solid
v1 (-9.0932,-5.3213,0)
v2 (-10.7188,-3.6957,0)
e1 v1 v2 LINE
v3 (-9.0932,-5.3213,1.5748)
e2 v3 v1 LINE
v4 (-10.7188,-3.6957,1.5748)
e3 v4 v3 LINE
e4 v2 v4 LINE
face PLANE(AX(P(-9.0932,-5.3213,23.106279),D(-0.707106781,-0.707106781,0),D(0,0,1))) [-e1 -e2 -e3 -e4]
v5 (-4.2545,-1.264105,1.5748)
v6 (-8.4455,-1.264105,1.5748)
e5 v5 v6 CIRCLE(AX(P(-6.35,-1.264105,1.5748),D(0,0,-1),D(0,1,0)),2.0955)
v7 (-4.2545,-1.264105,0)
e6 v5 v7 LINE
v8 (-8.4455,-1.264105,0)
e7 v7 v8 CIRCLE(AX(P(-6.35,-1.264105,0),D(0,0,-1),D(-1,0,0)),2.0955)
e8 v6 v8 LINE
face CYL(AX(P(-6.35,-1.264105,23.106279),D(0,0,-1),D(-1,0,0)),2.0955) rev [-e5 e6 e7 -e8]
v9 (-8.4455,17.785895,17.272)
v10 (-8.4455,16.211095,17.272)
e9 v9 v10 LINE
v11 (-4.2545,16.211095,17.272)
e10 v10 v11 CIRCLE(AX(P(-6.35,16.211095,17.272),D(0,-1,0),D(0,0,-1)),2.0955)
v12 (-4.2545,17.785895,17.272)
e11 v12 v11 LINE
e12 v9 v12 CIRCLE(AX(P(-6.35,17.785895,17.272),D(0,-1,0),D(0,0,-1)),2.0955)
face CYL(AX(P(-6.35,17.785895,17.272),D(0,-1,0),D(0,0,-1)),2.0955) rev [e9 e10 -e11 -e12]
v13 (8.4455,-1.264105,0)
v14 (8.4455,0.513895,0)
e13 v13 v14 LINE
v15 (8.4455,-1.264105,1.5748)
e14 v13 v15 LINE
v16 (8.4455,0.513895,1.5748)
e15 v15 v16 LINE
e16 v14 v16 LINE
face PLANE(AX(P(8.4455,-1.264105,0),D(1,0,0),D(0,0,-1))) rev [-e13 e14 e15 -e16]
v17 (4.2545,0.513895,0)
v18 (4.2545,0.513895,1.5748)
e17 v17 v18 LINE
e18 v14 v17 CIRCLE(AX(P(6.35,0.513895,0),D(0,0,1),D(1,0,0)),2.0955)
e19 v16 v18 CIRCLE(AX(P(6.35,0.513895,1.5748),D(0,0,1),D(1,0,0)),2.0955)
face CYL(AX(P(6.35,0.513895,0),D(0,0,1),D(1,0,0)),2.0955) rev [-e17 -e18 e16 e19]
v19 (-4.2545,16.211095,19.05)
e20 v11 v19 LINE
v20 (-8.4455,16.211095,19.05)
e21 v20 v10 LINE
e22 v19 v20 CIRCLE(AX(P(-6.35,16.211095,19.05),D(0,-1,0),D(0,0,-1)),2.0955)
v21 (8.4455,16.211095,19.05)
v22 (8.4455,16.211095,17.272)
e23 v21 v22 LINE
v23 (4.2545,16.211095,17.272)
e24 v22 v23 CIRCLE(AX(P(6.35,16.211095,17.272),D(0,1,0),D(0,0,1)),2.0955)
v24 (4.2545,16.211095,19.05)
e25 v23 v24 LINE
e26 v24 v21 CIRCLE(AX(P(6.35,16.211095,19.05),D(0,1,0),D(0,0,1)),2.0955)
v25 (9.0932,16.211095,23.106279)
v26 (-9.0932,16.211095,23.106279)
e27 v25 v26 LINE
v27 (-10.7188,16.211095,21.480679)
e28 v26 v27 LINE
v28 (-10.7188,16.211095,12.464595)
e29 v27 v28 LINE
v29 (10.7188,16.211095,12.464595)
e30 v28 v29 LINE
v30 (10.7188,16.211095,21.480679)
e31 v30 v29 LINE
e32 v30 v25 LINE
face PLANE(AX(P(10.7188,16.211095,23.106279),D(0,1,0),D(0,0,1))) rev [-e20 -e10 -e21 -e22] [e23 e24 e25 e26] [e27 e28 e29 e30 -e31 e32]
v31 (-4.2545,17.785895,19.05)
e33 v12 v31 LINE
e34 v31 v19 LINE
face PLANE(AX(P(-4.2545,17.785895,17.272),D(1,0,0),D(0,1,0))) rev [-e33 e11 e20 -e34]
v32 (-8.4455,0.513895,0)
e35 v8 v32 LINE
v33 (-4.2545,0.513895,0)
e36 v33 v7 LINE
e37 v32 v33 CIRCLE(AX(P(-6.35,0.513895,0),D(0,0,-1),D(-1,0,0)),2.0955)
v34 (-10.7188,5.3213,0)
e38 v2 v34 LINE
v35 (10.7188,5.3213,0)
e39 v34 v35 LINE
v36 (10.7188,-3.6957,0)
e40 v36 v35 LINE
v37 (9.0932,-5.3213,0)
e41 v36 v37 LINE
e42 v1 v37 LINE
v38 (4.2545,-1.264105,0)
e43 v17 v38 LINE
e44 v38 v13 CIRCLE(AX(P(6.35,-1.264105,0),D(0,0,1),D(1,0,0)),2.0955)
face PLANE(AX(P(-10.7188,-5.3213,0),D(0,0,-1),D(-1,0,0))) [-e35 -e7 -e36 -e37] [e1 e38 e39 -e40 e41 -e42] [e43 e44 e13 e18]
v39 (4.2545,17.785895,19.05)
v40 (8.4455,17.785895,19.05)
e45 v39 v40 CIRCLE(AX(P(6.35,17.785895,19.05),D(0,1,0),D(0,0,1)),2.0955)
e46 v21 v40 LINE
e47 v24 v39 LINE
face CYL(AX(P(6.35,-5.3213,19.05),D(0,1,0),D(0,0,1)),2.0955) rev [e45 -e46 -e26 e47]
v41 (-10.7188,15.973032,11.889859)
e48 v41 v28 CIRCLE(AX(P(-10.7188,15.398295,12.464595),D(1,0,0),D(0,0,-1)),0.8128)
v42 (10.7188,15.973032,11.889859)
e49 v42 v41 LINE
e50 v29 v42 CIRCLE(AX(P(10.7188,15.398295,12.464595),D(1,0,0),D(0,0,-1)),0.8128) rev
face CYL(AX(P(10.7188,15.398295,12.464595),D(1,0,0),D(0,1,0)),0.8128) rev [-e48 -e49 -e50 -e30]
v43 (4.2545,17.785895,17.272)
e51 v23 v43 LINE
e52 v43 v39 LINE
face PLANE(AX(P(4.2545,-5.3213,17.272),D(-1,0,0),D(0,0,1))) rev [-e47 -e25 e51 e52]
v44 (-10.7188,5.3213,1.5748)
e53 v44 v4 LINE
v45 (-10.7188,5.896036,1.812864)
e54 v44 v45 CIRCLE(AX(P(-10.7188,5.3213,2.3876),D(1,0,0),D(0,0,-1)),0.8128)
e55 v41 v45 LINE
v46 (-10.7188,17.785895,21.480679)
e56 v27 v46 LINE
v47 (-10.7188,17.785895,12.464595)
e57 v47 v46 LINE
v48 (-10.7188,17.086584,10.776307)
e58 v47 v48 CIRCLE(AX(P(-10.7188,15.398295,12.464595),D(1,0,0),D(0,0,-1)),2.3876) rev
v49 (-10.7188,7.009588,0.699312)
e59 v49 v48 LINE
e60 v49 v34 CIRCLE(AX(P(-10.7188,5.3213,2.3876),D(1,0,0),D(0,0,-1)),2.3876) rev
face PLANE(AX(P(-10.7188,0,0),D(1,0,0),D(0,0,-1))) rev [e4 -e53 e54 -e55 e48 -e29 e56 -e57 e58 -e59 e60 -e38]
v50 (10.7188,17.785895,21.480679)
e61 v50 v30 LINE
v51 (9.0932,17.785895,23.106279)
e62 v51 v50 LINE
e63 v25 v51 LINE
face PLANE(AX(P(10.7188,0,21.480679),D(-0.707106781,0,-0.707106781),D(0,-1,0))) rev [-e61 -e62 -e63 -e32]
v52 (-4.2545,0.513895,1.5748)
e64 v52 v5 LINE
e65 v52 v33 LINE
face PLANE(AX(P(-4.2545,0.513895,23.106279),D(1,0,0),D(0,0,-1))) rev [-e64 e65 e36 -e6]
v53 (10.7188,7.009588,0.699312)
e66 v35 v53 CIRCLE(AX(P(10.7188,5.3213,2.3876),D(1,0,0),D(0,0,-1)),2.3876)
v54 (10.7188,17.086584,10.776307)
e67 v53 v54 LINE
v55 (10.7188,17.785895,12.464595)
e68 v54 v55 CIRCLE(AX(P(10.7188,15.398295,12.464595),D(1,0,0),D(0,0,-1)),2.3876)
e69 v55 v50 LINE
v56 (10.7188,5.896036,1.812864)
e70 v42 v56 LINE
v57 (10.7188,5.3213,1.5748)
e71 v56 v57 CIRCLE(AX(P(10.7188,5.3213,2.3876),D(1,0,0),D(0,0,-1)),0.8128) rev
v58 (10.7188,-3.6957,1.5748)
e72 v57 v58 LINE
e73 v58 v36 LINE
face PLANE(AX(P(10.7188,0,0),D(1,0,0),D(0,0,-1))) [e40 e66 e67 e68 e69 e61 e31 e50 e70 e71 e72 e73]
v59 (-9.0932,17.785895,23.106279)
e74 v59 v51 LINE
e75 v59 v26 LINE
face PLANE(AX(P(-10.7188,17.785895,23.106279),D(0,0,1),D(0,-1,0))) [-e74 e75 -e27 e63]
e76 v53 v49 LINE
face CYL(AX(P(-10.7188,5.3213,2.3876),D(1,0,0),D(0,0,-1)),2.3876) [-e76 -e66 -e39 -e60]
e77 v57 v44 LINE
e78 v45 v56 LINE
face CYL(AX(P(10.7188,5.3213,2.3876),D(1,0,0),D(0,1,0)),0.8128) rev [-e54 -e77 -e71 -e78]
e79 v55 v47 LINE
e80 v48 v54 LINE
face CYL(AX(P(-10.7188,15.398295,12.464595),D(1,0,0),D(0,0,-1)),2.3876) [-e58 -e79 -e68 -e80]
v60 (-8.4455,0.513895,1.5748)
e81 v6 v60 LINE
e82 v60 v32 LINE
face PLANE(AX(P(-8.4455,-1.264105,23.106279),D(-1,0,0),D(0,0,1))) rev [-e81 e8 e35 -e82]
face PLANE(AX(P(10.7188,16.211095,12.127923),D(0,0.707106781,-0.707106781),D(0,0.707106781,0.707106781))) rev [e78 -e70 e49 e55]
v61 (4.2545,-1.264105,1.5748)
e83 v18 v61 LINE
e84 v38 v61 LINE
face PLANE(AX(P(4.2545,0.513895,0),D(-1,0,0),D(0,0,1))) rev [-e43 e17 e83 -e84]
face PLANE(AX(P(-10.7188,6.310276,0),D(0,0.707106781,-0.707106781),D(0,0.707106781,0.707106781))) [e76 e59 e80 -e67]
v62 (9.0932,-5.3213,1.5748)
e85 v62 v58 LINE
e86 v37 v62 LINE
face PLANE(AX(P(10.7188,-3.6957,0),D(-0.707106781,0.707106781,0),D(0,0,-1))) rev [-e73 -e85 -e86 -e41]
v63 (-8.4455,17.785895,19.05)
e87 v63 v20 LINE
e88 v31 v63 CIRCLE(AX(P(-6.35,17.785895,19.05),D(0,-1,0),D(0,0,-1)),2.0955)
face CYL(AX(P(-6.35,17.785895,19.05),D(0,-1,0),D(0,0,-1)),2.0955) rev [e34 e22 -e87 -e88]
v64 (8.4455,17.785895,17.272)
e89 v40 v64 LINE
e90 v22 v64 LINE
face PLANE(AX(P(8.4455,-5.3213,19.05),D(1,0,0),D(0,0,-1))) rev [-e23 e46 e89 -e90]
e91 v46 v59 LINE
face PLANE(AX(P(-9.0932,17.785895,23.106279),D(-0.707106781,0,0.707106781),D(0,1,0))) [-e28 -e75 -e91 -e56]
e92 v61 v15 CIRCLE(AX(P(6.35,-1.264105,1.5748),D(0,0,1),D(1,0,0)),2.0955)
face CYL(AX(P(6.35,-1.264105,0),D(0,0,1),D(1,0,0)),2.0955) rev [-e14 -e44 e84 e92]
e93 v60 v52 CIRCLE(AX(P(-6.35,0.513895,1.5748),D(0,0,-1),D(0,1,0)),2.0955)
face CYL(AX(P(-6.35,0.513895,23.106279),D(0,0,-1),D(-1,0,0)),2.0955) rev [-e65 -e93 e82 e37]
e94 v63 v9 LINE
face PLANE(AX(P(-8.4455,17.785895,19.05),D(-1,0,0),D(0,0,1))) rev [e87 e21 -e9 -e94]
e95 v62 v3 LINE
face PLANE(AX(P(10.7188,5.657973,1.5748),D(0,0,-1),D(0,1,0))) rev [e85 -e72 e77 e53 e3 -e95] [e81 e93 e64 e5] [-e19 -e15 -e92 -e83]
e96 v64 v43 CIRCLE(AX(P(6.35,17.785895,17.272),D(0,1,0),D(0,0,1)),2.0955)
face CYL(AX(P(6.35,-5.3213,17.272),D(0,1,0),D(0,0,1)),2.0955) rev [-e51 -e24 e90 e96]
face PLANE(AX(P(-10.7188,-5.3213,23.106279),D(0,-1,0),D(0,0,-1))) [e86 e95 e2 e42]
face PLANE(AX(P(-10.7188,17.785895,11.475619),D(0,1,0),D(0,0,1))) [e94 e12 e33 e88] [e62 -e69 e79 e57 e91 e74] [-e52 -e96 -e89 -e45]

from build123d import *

# Parameters (mm, degrees)
BOSS_EXTRUDE1_DEPTH = 21.4376
CUT_EXTRUDE1_DEPTH  = 22.4376
CUT_EXTRUDE2_DEPTH  = 2.5748
CUT_EXTRUDE3_DEPTH  = 24.107195496
CUT_EXTRUDE4_DEPTH  = 2.5748
CUT_EXTRUDE5_DEPTH  = 24.106279195
CHAMFER1_SIZE       = 1.6256
FILLET1_R           = 0.8128
FILLET2_R           = 2.3876


with BuildPart() as part:
    # Sketch1 → Boss-Extrude1 (new body)
    with BuildSketch(Plane(origin=(10.7188, 0, 0), x_dir=(0, 0, -1), z_dir=(1, 0, 0))):
        Polygon((-23.106279195, 17.785895496), (-23.106279195, -5.3213), (0, -5.3213), (0, 6.310276302), (-11.475619195, 17.785895496), align=None)
    extrude(amount=-BOSS_EXTRUDE1_DEPTH)

    # Sketch2 → Cut-Extrude1 (cut, through all)
    with BuildSketch(Plane.ZY.offset(10.7188)):
        Polygon((23.106279195, -5.3213), (23.106279195, 16.211095496), (12.127922713, 16.211095496), (1.5748, 5.657972783), (1.5748, -5.3213), align=None)
    extrude(amount=-CUT_EXTRUDE1_DEPTH, mode=Mode.SUBTRACT)

    # Sketch3 → Cut-Extrude2 (cut, through all)
    with BuildSketch(Plane.XZ.offset(-16.211095496)):
        with BuildLine():
            Line((-4.2545, 17.272), (-4.2545, 19.05))
            ThreePointArc((-4.2545, 19.05), (-6.35, 21.1455), (-8.4455, 19.05))
            Line((-8.4455, 19.05), (-8.4455, 17.272))
            ThreePointArc((-8.4455, 17.272), (-6.35, 15.1765), (-4.2545, 17.272))
        make_face()
    extrude(amount=-CUT_EXTRUDE2_DEPTH, mode=Mode.SUBTRACT)

    # Sketch4 → Cut-Extrude3 (cut, through all)
    with BuildSketch(Plane(origin=(0, 17.785895496, 0), x_dir=(-1, 0, 0), z_dir=(0, 1, 0))):
        with BuildLine():
            Line((-8.4455, 19.05), (-8.4455, 17.272))
            ThreePointArc((-8.4455, 17.272), (-6.35, 15.1765), (-4.2545, 17.272))
            Line((-4.2545, 17.272), (-4.2545, 19.05))
            ThreePointArc((-4.2545, 19.05), (-6.35, 21.1455), (-8.4455, 19.05))
        make_face()
    extrude(amount=-CUT_EXTRUDE3_DEPTH, mode=Mode.SUBTRACT)

    # Sketch5 → Cut-Extrude4 (cut, through all)
    with BuildSketch(Plane.XY.offset(1.5748)):
        with BuildLine():
            Line((4.2545, 0.513895496), (4.2545, -1.264104504))
            ThreePointArc((4.2545, -1.264104504), (6.35, -3.359604504), (8.4455, -1.264104504))
            Line((8.4455, -1.264104504), (8.4455, 0.513895496))
            ThreePointArc((8.4455, 0.513895496), (6.35, 2.609395496), (4.2545, 0.513895496))
        make_face()
    extrude(amount=-CUT_EXTRUDE4_DEPTH, mode=Mode.SUBTRACT)

    # Sketch6 → Cut-Extrude5 (cut, through all)
    with BuildSketch(Plane(origin=(0, 0, 0), x_dir=(-1, 0, 0), z_dir=(0, 0, -1))):
        with BuildLine():
            Line((8.4455, -1.264104504), (8.4455, 0.513895496))
            ThreePointArc((8.4455, 0.513895496), (6.35, 2.609395496), (4.2545, 0.513895496))
            Line((4.2545, 0.513895496), (4.2545, -1.264104504))
            ThreePointArc((4.2545, -1.264104504), (6.35, -3.359604504), (8.4455, -1.264104504))
        make_face()
    extrude(amount=-CUT_EXTRUDE5_DEPTH, mode=Mode.SUBTRACT)

    # Chamfer1
    chamfer1_edges = [part.edges().sort_by_distance(p)[0] for p in [
        (10.7188, -5.3213, 0.7874),
        (-10.7188, -5.3213, 0.7874),
        (10.7188, 16.998495496, 23.106279195),
        (-10.7188, 16.998495496, 23.106279195),
    ]]
    chamfer(chamfer1_edges, length=CHAMFER1_SIZE)

    # Fillet1
    fillet1_edges = [part.edges().sort_by_distance(p)[0] for p in [
        (0, 5.657972783, 1.5748),
        (0, 16.211095496, 12.127922713),
    ]]
    fillet(fillet1_edges, radius=FILLET1_R)

    # Fillet2
    fillet2_edges = [part.edges().sort_by_distance(p)[0] for p in [
        (0, 17.785895496, 11.475619195),
        (0, 6.310276302, 0),
    ]]
    fillet(fillet2_edges, radius=FILLET2_R)


solid = part.part
